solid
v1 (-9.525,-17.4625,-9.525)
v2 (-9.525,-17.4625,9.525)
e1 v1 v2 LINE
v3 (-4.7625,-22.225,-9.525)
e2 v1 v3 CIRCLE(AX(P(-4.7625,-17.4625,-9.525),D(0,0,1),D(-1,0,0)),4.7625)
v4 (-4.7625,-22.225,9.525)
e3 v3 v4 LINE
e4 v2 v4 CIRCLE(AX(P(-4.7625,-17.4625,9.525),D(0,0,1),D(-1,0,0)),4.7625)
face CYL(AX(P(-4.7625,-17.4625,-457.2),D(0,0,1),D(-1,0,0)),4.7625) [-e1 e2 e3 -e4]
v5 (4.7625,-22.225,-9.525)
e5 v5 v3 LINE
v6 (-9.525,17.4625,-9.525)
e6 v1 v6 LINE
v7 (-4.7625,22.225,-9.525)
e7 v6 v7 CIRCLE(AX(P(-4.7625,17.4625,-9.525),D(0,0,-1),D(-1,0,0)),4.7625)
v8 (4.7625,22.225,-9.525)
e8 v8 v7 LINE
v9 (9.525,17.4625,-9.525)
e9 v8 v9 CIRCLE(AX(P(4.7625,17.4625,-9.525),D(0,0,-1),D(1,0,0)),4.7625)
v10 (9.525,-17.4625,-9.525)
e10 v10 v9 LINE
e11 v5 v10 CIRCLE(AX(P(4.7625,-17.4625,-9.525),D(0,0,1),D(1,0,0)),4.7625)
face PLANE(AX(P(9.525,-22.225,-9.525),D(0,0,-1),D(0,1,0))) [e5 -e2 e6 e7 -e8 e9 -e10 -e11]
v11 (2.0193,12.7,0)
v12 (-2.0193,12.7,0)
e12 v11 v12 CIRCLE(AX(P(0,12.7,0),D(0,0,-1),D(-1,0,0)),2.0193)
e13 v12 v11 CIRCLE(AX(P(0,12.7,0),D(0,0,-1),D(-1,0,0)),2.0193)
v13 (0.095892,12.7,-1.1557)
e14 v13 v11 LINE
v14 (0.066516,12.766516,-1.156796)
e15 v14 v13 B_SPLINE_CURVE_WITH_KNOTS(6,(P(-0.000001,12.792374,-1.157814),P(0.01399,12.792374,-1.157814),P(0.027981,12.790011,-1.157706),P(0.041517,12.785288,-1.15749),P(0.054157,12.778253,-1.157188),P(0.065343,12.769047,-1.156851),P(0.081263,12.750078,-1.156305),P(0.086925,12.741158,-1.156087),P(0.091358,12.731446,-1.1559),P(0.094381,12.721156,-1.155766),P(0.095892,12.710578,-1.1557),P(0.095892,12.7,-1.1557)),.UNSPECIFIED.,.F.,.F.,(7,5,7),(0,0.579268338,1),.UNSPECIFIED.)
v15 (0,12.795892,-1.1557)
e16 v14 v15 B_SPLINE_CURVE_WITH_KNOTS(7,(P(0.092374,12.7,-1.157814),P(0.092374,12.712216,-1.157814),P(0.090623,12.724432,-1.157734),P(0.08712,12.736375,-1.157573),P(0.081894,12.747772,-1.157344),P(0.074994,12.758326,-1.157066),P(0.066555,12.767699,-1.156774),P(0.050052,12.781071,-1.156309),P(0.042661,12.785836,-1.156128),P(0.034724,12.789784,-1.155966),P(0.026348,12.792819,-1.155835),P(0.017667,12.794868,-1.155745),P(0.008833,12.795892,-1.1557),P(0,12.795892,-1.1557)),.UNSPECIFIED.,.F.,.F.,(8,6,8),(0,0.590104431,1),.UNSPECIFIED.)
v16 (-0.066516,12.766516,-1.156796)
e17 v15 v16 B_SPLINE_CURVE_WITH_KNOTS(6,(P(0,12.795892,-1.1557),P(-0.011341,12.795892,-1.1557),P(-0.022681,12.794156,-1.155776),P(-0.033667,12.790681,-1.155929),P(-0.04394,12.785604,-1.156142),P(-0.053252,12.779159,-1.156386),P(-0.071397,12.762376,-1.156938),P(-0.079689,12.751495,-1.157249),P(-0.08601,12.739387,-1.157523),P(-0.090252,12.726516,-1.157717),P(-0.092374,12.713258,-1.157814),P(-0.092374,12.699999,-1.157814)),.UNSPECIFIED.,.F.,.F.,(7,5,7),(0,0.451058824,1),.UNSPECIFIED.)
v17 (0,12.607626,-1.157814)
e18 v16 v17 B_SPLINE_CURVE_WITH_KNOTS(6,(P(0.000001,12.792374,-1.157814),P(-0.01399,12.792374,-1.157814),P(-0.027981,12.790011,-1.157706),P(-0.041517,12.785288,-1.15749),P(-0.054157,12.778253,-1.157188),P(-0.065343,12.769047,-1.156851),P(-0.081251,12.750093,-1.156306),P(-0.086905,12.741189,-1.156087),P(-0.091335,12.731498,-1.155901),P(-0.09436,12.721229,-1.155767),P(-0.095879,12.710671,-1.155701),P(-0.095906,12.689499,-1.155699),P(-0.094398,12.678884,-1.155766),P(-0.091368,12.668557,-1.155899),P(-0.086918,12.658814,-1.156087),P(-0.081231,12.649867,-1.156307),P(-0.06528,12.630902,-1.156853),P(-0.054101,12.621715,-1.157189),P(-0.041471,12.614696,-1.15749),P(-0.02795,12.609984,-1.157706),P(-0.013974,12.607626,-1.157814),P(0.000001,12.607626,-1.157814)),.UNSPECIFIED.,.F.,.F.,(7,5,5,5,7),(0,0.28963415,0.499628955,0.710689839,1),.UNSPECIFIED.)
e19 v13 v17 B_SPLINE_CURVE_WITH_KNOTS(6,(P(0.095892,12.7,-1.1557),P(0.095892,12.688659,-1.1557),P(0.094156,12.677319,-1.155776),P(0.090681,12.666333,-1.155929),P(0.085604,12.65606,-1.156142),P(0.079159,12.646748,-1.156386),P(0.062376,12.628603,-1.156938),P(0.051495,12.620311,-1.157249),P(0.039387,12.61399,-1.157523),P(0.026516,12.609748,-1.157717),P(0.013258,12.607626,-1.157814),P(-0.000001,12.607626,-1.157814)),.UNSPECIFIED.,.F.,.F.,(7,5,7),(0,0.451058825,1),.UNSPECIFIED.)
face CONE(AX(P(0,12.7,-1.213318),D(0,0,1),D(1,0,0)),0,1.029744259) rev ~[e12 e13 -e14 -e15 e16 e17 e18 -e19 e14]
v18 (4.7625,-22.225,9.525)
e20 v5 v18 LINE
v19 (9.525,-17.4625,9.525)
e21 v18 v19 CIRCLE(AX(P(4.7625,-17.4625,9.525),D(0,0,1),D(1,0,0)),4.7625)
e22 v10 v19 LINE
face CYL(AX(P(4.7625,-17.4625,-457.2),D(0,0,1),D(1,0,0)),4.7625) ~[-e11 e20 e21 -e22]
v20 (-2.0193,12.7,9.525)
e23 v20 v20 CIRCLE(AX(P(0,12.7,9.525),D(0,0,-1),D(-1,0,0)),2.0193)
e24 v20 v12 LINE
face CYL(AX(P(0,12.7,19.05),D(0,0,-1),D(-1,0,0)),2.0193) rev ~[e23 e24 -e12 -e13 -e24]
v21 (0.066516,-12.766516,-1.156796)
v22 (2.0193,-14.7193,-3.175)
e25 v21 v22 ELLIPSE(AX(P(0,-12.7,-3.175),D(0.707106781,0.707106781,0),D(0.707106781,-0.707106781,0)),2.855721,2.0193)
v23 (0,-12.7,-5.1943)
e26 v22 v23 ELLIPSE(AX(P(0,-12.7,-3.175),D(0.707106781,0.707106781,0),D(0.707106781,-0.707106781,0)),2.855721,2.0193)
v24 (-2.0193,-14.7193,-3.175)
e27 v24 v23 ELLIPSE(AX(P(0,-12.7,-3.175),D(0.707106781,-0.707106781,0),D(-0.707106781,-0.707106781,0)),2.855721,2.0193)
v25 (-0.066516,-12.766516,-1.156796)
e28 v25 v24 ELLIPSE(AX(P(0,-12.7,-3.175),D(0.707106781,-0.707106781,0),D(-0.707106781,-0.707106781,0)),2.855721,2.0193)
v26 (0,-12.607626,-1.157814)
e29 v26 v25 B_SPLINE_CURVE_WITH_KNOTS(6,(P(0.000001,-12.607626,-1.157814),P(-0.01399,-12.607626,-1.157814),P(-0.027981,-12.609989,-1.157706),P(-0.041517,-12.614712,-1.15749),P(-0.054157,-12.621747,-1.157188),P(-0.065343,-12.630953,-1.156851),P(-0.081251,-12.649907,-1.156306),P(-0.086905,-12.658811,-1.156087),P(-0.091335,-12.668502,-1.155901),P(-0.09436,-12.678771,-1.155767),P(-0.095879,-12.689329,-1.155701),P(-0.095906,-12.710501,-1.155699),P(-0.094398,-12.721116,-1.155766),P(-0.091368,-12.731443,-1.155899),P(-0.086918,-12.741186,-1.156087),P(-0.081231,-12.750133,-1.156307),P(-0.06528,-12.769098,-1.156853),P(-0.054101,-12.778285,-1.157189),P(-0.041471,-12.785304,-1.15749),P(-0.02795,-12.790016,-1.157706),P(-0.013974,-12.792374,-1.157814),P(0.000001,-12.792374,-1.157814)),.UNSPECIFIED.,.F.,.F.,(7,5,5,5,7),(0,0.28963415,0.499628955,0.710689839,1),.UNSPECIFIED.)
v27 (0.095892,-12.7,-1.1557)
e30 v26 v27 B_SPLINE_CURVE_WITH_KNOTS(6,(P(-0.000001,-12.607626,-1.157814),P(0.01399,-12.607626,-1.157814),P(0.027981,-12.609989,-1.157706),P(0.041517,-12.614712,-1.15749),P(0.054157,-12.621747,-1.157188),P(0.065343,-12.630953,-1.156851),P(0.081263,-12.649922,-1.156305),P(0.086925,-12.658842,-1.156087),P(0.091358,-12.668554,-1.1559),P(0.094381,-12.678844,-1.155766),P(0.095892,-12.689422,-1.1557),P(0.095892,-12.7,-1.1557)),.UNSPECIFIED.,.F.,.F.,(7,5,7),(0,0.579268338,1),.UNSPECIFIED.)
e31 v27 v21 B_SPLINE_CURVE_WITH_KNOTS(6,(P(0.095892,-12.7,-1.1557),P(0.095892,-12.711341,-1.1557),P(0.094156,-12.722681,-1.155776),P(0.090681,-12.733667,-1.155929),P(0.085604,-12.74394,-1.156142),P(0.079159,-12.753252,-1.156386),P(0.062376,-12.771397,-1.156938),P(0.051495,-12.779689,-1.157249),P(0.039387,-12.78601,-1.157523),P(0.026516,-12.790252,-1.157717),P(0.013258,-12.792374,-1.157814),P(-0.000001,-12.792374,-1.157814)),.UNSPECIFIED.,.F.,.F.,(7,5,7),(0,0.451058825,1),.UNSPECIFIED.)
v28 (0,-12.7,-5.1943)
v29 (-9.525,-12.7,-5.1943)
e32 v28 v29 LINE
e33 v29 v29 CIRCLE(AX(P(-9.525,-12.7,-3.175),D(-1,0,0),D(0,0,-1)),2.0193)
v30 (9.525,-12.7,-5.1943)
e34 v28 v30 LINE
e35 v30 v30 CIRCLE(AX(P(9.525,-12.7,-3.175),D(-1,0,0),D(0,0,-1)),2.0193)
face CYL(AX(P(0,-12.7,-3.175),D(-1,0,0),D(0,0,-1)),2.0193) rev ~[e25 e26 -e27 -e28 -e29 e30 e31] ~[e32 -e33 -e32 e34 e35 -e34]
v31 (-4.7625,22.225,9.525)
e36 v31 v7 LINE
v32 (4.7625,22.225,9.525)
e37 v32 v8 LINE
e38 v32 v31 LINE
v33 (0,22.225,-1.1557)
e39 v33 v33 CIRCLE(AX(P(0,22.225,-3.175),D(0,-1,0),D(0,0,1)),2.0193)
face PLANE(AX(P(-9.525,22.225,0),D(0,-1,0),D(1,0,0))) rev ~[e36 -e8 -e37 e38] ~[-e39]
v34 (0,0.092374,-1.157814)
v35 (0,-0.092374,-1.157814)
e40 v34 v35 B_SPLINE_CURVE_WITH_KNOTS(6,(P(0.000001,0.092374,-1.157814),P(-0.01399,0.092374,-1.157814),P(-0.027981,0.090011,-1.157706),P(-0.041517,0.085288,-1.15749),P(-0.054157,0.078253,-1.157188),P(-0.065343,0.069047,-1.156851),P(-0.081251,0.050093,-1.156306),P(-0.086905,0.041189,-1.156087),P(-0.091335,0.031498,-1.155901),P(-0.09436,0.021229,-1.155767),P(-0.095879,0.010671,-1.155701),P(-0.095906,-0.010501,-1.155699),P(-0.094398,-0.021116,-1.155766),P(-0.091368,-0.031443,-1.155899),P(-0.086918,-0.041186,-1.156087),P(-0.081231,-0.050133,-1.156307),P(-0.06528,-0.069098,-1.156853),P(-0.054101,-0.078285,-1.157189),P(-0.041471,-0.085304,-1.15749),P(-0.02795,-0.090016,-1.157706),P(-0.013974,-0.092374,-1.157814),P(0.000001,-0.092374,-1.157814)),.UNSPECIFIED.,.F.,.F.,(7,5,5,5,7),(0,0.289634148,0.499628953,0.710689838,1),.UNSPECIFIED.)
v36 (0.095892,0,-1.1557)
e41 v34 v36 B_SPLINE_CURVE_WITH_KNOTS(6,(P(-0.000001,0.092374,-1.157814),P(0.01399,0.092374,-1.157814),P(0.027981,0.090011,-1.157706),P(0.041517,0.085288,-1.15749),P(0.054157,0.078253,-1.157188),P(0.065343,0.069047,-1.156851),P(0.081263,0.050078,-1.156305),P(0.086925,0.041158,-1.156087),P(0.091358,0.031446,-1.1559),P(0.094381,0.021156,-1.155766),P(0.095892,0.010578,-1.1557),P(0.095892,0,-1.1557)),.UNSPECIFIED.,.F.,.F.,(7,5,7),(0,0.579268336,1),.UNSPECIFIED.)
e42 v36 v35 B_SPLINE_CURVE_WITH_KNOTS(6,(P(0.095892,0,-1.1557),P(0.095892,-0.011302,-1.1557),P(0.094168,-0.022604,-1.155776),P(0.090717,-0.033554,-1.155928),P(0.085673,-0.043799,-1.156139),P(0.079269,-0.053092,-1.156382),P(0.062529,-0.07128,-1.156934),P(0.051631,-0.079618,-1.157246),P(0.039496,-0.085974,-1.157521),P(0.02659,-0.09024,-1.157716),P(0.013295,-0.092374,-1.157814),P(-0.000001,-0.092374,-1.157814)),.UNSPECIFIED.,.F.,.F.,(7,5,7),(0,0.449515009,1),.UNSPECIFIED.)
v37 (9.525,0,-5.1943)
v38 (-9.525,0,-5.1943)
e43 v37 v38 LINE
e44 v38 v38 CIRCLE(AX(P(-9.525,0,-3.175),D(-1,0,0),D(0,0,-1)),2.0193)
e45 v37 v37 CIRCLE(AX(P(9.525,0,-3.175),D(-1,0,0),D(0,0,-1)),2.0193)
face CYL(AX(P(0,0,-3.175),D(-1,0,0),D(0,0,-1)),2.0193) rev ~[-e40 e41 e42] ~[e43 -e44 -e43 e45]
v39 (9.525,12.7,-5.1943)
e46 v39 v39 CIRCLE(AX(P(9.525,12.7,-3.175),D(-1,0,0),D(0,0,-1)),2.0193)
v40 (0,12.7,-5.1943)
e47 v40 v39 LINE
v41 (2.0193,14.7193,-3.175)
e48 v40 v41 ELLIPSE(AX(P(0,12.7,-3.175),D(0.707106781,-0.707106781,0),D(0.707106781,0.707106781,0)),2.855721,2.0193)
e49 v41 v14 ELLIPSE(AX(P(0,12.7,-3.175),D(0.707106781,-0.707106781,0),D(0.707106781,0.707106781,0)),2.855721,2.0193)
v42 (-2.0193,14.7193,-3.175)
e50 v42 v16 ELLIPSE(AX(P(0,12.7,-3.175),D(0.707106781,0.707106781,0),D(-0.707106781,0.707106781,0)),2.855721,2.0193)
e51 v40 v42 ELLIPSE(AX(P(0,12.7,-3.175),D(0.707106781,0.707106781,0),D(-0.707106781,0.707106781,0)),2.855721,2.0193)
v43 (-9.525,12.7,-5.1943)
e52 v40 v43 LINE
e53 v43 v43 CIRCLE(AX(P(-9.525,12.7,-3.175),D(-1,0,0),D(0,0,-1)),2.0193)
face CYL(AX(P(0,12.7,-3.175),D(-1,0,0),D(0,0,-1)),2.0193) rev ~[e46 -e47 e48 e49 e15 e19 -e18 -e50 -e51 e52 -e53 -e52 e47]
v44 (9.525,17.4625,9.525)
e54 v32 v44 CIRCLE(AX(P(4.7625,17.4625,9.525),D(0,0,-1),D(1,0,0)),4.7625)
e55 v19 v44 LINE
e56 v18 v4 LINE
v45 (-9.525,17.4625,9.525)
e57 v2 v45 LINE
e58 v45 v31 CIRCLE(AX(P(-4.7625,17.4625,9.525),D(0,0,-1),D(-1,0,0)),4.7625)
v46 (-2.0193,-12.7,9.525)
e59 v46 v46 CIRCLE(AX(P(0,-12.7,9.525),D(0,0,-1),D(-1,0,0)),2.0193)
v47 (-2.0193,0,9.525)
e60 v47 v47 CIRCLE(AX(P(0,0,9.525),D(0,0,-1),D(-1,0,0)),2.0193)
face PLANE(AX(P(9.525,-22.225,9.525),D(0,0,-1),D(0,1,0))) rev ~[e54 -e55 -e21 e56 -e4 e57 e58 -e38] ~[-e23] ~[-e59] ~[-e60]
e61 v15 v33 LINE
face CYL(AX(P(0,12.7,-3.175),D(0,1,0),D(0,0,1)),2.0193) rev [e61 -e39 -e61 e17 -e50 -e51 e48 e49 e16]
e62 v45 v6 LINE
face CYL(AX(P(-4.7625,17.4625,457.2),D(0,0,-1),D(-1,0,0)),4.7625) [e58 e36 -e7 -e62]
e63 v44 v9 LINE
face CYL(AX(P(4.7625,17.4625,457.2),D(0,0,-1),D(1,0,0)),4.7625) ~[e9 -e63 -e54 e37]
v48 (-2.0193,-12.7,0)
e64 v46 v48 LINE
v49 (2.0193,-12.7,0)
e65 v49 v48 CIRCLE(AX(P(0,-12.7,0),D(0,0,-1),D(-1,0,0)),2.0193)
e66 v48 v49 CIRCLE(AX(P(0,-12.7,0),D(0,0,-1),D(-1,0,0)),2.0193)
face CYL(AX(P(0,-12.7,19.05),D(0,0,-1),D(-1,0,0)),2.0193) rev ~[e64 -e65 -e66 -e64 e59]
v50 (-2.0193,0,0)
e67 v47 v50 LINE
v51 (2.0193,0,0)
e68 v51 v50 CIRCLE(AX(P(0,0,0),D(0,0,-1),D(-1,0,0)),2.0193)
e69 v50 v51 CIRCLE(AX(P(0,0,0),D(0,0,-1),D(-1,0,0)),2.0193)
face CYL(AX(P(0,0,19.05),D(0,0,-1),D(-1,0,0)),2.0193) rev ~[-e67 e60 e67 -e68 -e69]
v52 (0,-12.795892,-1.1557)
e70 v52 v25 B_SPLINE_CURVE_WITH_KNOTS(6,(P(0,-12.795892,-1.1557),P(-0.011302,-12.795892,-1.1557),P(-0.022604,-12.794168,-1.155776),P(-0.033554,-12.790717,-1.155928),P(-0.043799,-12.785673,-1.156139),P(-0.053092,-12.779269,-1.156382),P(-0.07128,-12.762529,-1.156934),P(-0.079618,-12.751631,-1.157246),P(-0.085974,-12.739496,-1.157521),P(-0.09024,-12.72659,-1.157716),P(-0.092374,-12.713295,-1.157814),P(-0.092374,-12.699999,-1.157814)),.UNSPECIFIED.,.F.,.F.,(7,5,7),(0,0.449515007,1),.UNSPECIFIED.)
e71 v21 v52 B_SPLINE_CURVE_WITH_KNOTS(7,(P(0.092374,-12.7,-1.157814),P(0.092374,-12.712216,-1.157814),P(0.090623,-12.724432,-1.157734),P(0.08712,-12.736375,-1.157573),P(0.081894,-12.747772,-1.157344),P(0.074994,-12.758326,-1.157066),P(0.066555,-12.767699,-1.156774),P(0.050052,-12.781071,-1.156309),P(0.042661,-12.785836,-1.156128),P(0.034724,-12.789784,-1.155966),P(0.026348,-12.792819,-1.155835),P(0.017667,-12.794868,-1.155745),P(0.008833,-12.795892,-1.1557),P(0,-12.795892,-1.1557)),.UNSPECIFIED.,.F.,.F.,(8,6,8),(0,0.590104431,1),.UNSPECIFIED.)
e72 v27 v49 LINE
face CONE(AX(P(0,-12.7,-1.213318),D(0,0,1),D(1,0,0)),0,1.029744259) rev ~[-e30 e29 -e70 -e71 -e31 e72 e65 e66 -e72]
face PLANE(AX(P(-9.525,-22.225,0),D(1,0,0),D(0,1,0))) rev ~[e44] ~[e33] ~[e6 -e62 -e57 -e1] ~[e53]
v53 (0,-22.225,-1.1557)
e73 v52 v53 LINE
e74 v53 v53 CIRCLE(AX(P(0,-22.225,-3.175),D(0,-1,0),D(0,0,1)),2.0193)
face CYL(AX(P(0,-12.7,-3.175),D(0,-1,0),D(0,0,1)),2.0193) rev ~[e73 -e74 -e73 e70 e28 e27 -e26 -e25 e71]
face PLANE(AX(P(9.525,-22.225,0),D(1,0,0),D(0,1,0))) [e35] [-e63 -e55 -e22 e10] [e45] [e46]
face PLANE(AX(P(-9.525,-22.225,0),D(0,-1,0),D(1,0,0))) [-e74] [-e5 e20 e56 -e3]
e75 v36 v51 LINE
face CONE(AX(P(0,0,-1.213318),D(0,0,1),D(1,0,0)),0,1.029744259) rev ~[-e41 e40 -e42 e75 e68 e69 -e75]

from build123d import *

# Parameters (mm, degrees)
SKETCH3_W                       = 19.05
SKETCH3_H                       = 44.45
BOSS_EXTRUDE1_DEPTH             = 457.2
BOSS_EXTRUDE1_DEPTH_BACK        = 457.2
FILLET1_R                       = 4.7625
SKETCH4_W                       = 447.675
SKETCH4_H                       = 44.45
CUT_EXTRUDE1_DEPTH              = 20.05
F_10_32_TAPPED_HOLE1_AT_2_COUNT = 2
F_10_32_TAPPED_HOLE1_AT_2_PITCH = 12.7
F_10_32_TAPPED_HOLE1_AT_3_COUNT = 2
F_10_32_TAPPED_HOLE1_AT_3_PITCH = 25.4
F_10_32_TAPPED_HOLE2_D          = 4.0386
F_10_32_TAPPED_HOLE2_DEPTH      = 9.525
F_10_32_TAPPED_HOLE2_TIP        = 1.213317848


with BuildPart() as part:
    # Sketch3 → Boss-Extrude1 (new body, two sides)
    with BuildSketch(Plane.XY) as boss_extrude1_sk:
        Rectangle(SKETCH3_W, SKETCH3_H)
    extrude(amount=BOSS_EXTRUDE1_DEPTH)
    extrude(boss_extrude1_sk.sketch, amount=-BOSS_EXTRUDE1_DEPTH_BACK)

    # Fillet1
    fillet1_edges = [part.edges().sort_by_distance(p)[0] for p in [
        (9.525, -22.225, 0),
        (-9.525, -22.225, 0),
        (-9.525, 22.225, 0),
        (9.525, 22.225, 0),
    ]]
    fillet(fillet1_edges, radius=FILLET1_R)

    # Sketch4 → Cut-Extrude1 (cut, through all)
    with BuildSketch(Plane(origin=(9.525, 0, 0), x_dir=(0, 0, -1), z_dir=(1, 0, 0))):
        with Locations((-233.3625, 0)):
            Rectangle(SKETCH4_W, SKETCH4_H)
        with Locations((233.3625, 0)):
            Rectangle(SKETCH4_W, SKETCH4_H)
    extrude(amount=-CUT_EXTRUDE1_DEPTH, mode=Mode.SUBTRACT)

    # Sketch6 → #10-32 Tapped Hole1 (revolve, cut)
    with BuildSketch(Plane(origin=(9.525, 12.7, -3.175), x_dir=(0, 0, -1), z_dir=(0, 1, 0))):
        Polygon((0, 0), (0, 10.738317848), (2.0193, 9.525), (2.0193, 0), align=None)
    f_10_32_tapped_hole1 = revolve(axis=Axis((15.875, 12.7, -3.175), (-1, 0, 0)), mode=Mode.SUBTRACT)

    # #10-32 Tapped Hole1 at 2: #10-32 Tapped Hole1 ×2
    with Locations(*[(0, -i * F_10_32_TAPPED_HOLE1_AT_2_PITCH, 0) for i in range(1, F_10_32_TAPPED_HOLE1_AT_2_COUNT)]):
        add(f_10_32_tapped_hole1, mode=Mode.SUBTRACT)

    # #10-32 Tapped Hole1 at 3: #10-32 Tapped Hole1 ×2
    with Locations(*[(0, -i * F_10_32_TAPPED_HOLE1_AT_3_PITCH, 0) for i in range(1, F_10_32_TAPPED_HOLE1_AT_3_COUNT)]):
        add(f_10_32_tapped_hole1, mode=Mode.SUBTRACT)

    # #10-32 Tapped Hole2
    with Locations(Plane.XY.offset(9.525)):
        with Locations((0, 0), (0, 12.7), (0, -12.7)):
            Hole(F_10_32_TAPPED_HOLE2_D / 2, depth=F_10_32_TAPPED_HOLE2_DEPTH)
            with Locations((0, 0, -(F_10_32_TAPPED_HOLE2_DEPTH + F_10_32_TAPPED_HOLE2_TIP / 2))):  # 118° drill point
                Cone(0, F_10_32_TAPPED_HOLE2_D / 2, F_10_32_TAPPED_HOLE2_TIP, mode=Mode.SUBTRACT)

    # Sketch12 → #10-32 Tapped Hole3 (revolve, cut)
    with BuildSketch(Plane(origin=(0, 22.225, -3.175), x_dir=(0, 0, 1), z_dir=(1, 0, 0))):
        Polygon((0, 0), (0, 10.738317848), (2.0193, 9.525), (2.0193, 0), align=None)
    f_10_32_tapped_hole3 = revolve(axis=Axis((0, 28.575, -3.175), (0, -1, 0)), mode=Mode.SUBTRACT)

    # Mirror1: #10-32 Tapped Hole3 across plane
    add(f_10_32_tapped_hole3.mirror(Plane.ZX), mode=Mode.SUBTRACT)

    # Mirror2: #10-32 Tapped Hole1 across plane
    add(f_10_32_tapped_hole1.mirror(Plane(origin=(0, 0, 0), x_dir=(0, 0, 1), z_dir=(1, 0, 0))), mode=Mode.SUBTRACT)

    # Mirror2 copy 1 sketch → Mirror2 copy 1 (revolve, cut)
    with BuildSketch(Plane(origin=(-9.525, 0, -3.175), x_dir=(0, 0, -1), z_dir=(0, 1, 0))):
        Polygon((0, 0), (0, -10.738317848), (2.0193, -9.525), (2.0193, 0), align=None)
    revolve(axis=Axis((-15.875, 0, -3.175), (-1, 0, 0)), mode=Mode.SUBTRACT)

    # Mirror2 copy 2 sketch → Mirror2 copy 2 (revolve, cut)
    with BuildSketch(Plane(origin=(-9.525, -12.7, -3.175), x_dir=(0, 0, -1), z_dir=(0, 1, 0))):
        Polygon((0, 0), (0, -10.738317848), (2.0193, -9.525), (2.0193, 0), align=None)
    revolve(axis=Axis((-15.875, -12.7, -3.175), (-1, 0, 0)), mode=Mode.SUBTRACT)


solid = part.part
